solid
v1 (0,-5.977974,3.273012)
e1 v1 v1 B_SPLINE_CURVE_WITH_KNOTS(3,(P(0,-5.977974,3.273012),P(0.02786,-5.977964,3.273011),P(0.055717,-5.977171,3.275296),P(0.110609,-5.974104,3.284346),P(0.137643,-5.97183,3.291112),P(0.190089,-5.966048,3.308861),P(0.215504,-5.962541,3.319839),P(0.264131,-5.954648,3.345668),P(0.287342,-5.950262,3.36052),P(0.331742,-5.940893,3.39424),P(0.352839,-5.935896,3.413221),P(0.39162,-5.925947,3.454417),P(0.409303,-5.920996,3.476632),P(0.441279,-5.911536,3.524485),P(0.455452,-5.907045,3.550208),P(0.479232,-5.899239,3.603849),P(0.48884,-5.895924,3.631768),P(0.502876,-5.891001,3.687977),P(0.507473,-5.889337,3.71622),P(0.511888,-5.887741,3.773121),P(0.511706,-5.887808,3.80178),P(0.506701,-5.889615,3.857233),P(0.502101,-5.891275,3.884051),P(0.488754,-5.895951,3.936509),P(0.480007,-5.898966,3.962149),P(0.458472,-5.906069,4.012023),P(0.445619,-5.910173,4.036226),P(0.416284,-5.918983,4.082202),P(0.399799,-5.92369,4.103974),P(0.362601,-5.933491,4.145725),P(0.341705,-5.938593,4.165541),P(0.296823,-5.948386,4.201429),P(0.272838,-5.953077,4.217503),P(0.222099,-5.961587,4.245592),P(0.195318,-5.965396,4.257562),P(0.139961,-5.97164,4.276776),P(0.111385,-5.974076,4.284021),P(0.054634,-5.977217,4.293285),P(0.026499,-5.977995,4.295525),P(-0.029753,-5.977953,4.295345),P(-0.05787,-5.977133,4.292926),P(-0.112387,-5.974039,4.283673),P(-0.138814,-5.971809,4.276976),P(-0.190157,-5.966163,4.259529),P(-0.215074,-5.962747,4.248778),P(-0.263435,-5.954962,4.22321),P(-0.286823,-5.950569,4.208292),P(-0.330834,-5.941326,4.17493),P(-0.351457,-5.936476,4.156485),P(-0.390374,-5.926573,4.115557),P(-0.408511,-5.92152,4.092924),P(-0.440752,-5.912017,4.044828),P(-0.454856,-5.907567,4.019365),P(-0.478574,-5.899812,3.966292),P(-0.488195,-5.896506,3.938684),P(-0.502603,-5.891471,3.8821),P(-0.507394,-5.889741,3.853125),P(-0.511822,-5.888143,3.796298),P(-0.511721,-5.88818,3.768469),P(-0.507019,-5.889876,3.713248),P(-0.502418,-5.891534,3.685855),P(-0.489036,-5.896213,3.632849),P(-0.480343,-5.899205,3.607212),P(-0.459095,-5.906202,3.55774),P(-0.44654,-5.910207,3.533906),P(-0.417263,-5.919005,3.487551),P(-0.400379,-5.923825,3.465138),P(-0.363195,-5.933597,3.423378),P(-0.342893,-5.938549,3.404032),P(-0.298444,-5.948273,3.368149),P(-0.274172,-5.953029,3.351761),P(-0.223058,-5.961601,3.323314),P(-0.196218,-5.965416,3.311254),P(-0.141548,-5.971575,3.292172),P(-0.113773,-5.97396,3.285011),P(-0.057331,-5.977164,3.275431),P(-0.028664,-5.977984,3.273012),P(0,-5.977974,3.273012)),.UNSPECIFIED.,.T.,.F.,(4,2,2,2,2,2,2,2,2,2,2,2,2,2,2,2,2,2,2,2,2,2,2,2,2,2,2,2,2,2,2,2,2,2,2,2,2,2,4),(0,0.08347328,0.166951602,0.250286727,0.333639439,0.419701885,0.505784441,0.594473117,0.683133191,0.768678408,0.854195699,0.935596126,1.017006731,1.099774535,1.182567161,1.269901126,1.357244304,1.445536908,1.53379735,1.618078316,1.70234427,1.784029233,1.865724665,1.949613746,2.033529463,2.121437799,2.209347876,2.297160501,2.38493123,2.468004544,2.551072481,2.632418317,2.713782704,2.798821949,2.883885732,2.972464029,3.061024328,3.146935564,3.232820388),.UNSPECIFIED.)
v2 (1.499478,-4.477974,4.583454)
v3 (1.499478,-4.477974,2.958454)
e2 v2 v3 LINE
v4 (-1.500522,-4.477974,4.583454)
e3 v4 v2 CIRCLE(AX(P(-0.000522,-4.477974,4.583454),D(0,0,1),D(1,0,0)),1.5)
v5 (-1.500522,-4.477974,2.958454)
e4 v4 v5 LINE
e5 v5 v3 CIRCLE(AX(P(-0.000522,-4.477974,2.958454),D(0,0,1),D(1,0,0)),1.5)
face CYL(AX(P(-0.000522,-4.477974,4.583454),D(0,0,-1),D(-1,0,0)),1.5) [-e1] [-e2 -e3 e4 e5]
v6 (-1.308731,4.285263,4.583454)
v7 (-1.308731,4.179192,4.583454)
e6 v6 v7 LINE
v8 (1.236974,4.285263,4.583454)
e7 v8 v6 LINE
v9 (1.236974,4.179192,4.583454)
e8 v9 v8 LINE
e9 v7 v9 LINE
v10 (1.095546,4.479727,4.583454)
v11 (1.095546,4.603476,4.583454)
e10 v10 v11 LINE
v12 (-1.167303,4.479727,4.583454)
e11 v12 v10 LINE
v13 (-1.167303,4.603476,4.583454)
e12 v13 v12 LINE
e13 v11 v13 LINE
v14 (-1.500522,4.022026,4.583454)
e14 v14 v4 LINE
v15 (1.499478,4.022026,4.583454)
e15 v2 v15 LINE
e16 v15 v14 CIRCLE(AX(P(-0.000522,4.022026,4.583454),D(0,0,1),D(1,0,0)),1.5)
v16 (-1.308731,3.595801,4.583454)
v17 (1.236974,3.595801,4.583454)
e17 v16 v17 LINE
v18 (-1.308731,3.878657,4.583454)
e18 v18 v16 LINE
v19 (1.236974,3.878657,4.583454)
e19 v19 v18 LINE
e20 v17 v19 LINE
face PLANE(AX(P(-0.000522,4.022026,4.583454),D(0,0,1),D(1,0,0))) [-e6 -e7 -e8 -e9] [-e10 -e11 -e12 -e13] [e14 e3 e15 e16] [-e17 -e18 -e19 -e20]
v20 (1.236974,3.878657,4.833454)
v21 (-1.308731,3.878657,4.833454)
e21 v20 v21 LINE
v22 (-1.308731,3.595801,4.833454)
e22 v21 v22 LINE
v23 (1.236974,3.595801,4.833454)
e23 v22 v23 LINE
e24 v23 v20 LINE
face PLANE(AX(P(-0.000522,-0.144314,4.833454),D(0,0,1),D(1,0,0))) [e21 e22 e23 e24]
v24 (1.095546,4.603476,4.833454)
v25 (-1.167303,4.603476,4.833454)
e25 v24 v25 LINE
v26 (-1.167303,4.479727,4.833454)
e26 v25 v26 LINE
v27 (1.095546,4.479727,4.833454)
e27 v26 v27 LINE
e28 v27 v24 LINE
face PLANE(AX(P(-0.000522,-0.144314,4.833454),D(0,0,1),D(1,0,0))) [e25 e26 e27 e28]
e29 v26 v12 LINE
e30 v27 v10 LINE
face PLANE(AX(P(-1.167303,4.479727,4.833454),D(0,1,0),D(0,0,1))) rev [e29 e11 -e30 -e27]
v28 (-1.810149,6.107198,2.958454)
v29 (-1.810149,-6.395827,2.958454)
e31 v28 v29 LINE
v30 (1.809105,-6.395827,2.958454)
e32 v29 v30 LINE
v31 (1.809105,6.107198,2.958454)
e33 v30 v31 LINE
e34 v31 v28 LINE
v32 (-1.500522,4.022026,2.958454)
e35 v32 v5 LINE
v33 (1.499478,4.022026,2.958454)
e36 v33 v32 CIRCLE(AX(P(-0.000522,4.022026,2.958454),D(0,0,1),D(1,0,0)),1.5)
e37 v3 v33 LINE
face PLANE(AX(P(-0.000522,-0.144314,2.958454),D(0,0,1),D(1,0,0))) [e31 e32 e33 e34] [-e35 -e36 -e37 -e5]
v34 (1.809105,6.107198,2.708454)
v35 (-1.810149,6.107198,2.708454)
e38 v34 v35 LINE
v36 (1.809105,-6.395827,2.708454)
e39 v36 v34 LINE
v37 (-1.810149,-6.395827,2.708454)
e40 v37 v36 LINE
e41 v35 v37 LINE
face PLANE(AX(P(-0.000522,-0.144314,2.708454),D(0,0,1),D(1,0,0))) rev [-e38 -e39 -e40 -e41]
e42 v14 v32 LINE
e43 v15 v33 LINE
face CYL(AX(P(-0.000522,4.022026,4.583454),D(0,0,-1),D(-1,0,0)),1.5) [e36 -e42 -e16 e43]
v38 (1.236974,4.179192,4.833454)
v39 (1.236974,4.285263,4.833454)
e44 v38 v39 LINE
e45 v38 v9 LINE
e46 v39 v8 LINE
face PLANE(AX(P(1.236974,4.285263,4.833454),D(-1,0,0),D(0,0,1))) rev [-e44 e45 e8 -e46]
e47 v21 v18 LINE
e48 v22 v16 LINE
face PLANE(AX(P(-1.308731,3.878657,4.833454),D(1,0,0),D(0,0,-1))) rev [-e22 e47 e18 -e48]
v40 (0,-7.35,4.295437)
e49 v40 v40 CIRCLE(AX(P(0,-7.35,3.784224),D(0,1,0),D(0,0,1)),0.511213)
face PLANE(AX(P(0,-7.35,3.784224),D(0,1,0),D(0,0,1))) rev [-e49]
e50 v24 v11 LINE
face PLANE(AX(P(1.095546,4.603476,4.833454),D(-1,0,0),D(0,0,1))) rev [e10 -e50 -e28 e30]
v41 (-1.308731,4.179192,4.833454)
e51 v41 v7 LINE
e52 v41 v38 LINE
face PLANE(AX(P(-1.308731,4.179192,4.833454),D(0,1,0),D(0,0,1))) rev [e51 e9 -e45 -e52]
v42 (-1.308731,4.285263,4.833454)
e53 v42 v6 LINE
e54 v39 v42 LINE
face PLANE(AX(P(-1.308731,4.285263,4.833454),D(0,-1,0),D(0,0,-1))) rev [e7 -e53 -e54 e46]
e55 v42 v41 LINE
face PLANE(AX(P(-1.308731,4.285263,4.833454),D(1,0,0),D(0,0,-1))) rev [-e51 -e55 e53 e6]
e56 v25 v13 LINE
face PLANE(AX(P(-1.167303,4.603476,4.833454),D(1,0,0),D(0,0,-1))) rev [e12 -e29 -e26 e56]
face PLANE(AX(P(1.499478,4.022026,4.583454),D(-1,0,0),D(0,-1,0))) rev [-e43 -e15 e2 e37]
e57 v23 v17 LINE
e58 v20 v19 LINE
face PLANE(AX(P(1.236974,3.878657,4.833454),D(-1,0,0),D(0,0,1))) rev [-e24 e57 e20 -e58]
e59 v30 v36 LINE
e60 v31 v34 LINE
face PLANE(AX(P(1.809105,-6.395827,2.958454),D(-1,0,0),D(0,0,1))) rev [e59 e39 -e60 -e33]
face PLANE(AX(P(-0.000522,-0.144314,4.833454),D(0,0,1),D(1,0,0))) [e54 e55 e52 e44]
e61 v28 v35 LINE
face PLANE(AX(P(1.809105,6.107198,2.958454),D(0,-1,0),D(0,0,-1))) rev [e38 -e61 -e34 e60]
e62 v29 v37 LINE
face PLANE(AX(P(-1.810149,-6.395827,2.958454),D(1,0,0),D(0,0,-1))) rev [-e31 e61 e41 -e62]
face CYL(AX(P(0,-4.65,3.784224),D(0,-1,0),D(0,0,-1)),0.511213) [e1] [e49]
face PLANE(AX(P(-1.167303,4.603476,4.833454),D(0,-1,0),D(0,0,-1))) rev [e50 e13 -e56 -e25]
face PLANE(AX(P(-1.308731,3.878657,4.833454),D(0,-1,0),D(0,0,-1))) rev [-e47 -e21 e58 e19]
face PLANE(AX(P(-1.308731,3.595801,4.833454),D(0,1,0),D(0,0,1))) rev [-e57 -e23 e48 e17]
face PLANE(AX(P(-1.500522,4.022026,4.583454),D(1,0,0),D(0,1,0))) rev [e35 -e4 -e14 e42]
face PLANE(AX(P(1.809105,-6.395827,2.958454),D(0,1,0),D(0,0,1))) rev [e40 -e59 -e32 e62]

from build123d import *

# Parameters (mm, degrees)
SKETCH1_W           = 14.477015864
SKETCH1_H           = 50.012098532
BOSS_EXTRUDE1_DEPTH = 1
BOSS_EXTRUDE2_DEPTH = 6.5
SKETCH4_W           = 9.051394426
SKETCH4_H           = 0.494998133
SKETCH4_W_2         = 10.182818728
SKETCH4_H_2         = 0.424284113
SKETCH4_H_3         = 1.131424304
BOSS_EXTRUDE4_DEPTH = 1
SCALE1_SCALE        = 0.5
SCALE2_SCALE        = 0.5
SKETCH5_R           = 0.511212816
BOSS_EXTRUDE5_DEPTH = 1.35
SKETCH7_R           = 0.511212816
BOSS_EXTRUDE6_DEPTH = 1.35


with BuildPart() as part:
    # Sketch1 → Boss-Extrude1 (new body)
    with BuildSketch(Plane.XY):
        Rectangle(SKETCH1_W, SKETCH1_H)
    extrude(amount=BOSS_EXTRUDE1_DEPTH)

    # Sketch2 → Boss-Extrude2 (add)
    with BuildSketch(Plane.XY.offset(1)):
        with BuildLine():
            Line((6, 16.665360906), (6, -17.334639094))
            ThreePointArc((6, -17.334639094), (0, -23.334639094), (-6, -17.334639094))
            Line((-6, -17.334639094), (-6, 16.665360906))
            ThreePointArc((-6, 16.665360906), (0, 22.665360906), (6, 16.665360906))
        make_face()
    extrude(amount=BOSS_EXTRUDE2_DEPTH)

    # Sketch4 → Boss-Extrude4 (add)
    with BuildSketch(Plane.XY.offset(7.5)):
        with Locations((-0.141428038, 18.743662091)):
            Rectangle(SKETCH4_W, SKETCH4_H)
        with Locations((-0.141428038, 17.506166759)):
            Rectangle(SKETCH4_W_2, SKETCH4_H_2)
        with Locations((-0.141428038, 15.526174228)):
            Rectangle(SKETCH4_W_2, SKETCH4_H_3)
    extrude(amount=BOSS_EXTRUDE4_DEPTH)


with BuildPart() as part_1:
    # Scale1: scaled about (-0.000695656, -0.192418976, 3.611272537)
    add(part.part.scale(SCALE1_SCALE).moved(Location((-0.000347828, -0.096209488, 1.805636269))))


with BuildPart() as part_2:
    # Scale2: scaled about (-0.000695656, -0.192418976, 3.611272537)
    add(part_1.part.scale(SCALE2_SCALE).moved(Location((-0.000347828, -0.096209488, 1.805636269))))



with BuildPart() as body_2:
    # Sketch5 → Boss-Extrude5 (new body)
    with BuildSketch(Plane(origin=(0, -6, 0), x_dir=(1, 0, 0), z_dir=(0, 1, 0))):
        with Locations(Location((0, -3.78422441, 0), (0, 0, 270))):
            Circle(SKETCH5_R)
    extrude(amount=-BOSS_EXTRUDE5_DEPTH)


with BuildPart() as part_3:
    add(part_2.part)

    add(body_2.part)  # Boss-Extrude6 merges body 2
    # Sketch7 → Boss-Extrude6 (add)
    with BuildSketch(Plane(origin=(0, -6, 0), x_dir=(1, 0, 0), z_dir=(0, 1, 0))):
        with Locations(Location((0, -3.78422441, 0), (0, 0, 90))):
            Circle(SKETCH7_R)
    extrude(amount=BOSS_EXTRUDE6_DEPTH)


solid = part_3.part
